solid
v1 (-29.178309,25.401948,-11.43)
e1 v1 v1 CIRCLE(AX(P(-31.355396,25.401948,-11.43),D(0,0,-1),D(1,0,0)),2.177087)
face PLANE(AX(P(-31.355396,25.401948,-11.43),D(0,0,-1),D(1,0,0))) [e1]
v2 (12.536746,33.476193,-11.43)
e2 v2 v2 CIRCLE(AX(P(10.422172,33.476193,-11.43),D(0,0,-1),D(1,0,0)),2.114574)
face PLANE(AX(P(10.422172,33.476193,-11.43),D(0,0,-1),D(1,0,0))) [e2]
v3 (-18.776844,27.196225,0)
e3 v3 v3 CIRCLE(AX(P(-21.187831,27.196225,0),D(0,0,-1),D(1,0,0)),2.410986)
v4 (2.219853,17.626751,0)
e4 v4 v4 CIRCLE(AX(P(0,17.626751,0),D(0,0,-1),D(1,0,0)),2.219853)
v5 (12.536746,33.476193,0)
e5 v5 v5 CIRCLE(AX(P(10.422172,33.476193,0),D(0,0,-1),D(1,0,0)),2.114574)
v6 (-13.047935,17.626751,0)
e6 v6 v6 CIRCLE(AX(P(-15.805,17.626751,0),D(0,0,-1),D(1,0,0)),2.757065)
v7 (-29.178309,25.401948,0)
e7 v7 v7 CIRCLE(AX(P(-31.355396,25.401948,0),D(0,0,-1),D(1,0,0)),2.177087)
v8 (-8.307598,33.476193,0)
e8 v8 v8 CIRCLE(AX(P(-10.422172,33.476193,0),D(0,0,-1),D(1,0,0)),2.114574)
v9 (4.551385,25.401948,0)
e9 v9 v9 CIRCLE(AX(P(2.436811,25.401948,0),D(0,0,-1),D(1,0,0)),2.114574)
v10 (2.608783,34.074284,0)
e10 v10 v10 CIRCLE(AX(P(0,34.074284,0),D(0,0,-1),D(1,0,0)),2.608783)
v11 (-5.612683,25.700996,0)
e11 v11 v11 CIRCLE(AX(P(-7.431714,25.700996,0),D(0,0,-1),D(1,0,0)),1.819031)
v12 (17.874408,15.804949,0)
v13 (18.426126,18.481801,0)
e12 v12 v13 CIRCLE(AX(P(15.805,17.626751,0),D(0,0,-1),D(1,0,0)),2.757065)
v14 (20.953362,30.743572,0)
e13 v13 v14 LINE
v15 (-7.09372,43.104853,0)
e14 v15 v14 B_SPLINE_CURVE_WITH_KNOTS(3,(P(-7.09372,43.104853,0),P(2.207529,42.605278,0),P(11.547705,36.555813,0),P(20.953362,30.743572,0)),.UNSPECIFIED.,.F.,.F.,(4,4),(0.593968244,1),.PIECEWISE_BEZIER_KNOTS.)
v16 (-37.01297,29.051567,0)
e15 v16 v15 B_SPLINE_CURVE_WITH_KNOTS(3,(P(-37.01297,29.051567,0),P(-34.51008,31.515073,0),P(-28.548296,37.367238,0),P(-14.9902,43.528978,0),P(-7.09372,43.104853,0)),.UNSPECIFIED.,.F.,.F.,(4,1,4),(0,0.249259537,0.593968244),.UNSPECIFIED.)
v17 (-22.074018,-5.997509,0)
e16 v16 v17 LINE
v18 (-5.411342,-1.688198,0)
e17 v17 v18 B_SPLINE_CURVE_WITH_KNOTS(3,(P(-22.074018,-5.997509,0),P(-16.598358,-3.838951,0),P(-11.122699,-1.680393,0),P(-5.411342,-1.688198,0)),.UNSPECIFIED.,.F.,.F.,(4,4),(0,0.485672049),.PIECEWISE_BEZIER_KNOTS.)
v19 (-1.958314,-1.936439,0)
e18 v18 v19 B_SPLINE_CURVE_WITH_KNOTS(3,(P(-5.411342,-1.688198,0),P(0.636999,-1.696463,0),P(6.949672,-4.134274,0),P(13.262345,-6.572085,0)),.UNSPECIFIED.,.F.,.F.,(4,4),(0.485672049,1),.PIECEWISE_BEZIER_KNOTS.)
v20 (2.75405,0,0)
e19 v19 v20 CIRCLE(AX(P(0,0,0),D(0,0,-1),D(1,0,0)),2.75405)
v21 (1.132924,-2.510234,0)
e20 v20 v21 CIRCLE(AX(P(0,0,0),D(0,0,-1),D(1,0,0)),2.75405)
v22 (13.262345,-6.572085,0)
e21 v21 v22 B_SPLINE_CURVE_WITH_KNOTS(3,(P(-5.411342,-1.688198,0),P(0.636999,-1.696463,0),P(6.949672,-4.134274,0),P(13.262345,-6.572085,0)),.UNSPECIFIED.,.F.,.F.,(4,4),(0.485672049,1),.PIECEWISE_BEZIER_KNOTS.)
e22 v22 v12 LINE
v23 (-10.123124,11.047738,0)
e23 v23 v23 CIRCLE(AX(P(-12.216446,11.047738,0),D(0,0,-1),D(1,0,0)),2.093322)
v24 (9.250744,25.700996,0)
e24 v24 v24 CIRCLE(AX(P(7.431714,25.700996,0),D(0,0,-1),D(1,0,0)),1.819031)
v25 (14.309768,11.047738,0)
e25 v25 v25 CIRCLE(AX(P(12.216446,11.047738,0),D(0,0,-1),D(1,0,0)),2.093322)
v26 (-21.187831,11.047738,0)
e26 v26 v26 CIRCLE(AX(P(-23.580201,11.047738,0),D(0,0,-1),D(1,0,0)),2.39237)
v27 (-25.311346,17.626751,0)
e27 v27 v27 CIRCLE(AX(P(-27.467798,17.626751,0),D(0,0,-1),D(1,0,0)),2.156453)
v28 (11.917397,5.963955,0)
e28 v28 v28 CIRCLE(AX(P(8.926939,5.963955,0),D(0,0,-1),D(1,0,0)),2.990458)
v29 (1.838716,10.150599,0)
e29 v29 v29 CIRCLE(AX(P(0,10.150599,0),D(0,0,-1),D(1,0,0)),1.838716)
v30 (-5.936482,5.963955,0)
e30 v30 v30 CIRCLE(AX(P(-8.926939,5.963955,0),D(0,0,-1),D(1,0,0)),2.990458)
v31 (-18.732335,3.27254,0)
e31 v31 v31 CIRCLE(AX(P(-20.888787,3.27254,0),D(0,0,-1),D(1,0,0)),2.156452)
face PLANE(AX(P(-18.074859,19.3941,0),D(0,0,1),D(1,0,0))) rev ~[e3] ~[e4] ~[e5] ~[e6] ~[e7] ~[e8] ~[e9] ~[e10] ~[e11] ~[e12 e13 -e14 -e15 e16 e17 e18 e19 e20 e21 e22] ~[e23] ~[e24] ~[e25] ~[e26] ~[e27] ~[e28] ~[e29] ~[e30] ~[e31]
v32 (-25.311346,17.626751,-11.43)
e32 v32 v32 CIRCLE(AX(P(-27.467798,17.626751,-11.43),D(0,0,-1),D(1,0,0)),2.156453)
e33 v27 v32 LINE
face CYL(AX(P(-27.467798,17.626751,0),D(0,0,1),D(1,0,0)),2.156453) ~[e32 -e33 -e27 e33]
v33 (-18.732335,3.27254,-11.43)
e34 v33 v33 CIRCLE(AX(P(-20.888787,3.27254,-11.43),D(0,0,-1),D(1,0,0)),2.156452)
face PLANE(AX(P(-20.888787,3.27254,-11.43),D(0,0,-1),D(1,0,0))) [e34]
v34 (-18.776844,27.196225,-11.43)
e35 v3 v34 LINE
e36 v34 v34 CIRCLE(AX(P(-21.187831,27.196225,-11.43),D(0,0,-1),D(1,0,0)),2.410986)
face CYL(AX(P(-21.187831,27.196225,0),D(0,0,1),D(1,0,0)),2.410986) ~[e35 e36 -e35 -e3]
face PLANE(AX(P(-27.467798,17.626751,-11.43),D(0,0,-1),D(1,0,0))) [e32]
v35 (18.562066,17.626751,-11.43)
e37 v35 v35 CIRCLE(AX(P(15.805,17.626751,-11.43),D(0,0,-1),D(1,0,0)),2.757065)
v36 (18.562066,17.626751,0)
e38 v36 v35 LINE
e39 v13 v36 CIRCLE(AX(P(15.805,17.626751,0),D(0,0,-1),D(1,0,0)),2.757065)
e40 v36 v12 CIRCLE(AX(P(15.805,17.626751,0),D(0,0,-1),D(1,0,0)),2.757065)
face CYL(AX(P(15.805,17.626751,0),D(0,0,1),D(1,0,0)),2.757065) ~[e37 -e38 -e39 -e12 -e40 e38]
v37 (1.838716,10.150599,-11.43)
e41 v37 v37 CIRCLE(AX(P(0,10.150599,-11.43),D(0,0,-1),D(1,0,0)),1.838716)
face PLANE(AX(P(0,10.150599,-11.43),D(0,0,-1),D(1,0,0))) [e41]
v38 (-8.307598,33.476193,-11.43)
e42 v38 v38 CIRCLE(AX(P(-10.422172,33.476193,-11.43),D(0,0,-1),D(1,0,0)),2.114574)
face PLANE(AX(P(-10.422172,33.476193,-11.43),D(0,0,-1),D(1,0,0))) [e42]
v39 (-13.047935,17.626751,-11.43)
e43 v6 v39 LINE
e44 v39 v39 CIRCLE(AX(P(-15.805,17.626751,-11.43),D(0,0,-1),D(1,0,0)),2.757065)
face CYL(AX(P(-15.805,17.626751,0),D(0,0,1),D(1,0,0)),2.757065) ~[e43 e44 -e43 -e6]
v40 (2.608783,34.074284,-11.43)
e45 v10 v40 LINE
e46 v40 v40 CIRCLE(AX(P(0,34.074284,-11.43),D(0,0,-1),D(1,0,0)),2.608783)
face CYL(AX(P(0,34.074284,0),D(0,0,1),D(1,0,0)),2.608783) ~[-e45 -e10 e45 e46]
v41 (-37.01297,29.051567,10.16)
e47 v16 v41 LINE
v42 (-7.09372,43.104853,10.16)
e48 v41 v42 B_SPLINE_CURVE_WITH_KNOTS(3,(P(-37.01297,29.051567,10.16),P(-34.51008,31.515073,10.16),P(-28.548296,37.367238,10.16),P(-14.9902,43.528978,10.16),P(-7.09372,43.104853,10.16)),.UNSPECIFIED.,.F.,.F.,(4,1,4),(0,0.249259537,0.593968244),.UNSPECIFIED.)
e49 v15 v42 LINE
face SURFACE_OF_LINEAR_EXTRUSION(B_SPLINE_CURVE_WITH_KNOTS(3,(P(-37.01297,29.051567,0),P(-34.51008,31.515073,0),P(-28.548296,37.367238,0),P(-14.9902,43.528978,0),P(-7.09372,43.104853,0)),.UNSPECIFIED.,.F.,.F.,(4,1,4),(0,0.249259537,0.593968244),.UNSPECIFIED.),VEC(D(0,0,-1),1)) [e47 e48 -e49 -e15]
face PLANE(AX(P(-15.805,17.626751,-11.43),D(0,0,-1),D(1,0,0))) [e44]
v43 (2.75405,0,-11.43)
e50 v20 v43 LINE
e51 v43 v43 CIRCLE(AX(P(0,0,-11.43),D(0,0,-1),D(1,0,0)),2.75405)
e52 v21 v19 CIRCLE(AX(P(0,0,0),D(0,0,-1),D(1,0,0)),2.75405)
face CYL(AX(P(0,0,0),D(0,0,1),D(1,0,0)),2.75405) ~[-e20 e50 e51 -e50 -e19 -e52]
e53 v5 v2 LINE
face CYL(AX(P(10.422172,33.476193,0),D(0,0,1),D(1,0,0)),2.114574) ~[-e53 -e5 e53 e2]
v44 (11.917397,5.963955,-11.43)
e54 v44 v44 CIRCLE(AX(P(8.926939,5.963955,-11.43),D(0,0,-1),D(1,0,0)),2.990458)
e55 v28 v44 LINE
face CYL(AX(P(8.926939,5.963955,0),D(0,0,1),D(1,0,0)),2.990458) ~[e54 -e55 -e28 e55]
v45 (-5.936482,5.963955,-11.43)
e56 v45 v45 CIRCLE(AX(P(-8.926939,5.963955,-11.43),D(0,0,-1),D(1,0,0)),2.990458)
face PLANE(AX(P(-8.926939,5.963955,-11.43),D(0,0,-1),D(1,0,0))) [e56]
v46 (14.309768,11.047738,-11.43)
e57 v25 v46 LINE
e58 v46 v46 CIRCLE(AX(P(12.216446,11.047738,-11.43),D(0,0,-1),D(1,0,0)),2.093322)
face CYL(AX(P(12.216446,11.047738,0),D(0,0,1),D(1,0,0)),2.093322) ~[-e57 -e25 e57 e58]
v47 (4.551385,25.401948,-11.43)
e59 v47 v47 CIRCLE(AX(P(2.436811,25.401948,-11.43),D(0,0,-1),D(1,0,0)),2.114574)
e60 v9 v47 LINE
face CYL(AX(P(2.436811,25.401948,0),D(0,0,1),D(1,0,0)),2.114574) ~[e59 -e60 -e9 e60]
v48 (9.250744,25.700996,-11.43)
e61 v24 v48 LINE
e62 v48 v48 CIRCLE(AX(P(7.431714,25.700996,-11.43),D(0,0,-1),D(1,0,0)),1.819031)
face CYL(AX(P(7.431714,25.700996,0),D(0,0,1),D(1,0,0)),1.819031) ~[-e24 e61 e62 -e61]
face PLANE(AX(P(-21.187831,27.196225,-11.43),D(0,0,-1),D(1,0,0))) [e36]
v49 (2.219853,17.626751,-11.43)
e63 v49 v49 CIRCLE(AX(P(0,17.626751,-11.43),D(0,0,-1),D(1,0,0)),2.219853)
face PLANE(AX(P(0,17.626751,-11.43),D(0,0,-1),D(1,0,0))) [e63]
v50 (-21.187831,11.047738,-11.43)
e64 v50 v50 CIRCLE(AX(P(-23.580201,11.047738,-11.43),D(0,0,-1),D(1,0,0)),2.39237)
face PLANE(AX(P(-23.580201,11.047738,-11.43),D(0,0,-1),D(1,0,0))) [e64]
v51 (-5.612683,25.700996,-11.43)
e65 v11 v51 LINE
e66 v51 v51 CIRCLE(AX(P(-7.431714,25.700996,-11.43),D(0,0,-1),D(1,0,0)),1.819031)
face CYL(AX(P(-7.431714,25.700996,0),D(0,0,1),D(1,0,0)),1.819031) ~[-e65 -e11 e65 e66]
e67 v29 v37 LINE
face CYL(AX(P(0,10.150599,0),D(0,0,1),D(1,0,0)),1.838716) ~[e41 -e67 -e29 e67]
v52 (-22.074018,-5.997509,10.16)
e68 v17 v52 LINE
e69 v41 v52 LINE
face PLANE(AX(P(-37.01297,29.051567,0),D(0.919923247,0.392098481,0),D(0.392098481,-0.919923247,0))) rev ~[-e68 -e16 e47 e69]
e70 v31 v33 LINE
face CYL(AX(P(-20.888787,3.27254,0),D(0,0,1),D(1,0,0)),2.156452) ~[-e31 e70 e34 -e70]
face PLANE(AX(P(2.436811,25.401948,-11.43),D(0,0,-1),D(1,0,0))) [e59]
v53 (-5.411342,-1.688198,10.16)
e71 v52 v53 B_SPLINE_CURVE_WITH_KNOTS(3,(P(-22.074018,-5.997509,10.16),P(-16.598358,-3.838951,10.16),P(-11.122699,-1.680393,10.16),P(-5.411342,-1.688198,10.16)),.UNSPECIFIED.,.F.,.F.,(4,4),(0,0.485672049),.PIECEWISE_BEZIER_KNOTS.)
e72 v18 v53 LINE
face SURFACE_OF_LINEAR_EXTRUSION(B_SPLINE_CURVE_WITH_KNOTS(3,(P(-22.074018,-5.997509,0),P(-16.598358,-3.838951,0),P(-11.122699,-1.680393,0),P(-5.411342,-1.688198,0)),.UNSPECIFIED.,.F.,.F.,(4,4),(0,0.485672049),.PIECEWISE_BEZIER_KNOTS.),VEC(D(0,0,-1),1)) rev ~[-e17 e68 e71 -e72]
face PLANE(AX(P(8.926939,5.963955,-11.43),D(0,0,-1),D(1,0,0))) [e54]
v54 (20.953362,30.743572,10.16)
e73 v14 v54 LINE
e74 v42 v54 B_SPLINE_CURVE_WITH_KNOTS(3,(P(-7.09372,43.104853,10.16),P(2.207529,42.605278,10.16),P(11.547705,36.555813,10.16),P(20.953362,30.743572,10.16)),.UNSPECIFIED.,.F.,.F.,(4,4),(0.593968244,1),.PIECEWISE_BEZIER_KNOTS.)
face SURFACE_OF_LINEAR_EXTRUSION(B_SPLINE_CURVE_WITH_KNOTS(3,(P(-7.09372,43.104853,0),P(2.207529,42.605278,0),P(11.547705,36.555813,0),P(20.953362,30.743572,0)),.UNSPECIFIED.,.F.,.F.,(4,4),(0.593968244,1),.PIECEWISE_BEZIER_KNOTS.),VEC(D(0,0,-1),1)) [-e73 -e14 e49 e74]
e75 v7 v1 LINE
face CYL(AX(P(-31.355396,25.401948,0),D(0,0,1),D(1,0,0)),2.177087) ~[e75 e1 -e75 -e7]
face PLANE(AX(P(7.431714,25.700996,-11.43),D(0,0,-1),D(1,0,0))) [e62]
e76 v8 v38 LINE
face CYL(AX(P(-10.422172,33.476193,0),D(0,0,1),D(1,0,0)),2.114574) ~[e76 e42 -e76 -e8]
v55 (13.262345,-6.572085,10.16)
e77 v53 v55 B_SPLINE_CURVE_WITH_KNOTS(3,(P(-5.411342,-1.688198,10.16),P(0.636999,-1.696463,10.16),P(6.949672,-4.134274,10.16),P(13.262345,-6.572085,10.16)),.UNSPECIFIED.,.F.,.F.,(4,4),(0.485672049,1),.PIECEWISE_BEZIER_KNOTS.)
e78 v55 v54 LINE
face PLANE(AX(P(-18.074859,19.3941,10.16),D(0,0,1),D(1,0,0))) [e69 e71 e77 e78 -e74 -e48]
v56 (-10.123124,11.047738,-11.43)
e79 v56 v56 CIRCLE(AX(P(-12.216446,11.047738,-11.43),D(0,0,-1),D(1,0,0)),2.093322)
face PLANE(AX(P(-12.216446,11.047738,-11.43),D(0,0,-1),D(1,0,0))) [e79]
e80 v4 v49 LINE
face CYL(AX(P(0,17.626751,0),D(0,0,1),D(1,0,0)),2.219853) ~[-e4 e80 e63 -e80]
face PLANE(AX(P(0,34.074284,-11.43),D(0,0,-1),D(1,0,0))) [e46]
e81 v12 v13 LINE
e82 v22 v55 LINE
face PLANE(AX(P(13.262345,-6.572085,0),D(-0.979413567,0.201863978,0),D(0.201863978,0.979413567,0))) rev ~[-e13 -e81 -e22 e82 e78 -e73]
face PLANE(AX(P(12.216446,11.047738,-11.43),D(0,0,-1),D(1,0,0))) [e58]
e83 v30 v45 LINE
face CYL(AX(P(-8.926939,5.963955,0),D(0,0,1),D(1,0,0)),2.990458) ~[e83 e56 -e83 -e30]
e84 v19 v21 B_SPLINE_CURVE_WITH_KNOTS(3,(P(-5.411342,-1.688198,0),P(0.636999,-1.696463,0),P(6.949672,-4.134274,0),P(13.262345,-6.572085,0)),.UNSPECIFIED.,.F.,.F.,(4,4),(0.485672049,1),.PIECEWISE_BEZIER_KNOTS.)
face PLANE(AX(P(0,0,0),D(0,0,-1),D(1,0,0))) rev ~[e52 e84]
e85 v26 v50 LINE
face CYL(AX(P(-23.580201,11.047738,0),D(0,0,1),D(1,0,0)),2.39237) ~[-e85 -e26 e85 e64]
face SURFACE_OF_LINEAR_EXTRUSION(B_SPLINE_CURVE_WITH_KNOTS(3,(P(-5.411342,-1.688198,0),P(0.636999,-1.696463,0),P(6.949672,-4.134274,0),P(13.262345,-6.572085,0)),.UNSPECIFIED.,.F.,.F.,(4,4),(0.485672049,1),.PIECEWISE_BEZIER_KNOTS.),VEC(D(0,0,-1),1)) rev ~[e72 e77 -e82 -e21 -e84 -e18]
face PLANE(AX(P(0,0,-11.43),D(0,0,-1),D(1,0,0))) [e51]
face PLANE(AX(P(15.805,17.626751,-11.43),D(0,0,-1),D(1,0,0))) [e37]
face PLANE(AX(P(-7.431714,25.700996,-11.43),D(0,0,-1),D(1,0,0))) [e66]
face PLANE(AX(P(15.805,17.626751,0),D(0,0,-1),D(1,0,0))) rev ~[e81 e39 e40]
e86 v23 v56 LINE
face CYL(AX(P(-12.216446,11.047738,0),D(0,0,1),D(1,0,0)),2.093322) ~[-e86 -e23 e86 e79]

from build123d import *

# Parameters (mm, degrees)
F1_DEPTH = 10.16
F2_R     = 2.1564519843
F2_R_2   = 2.3923702538
F2_R_3   = 2.1564526301
F2_R_4   = 2.1770869146
F2_R_5   = 2.4109862959
F2_R_6   = 2.7570652868
F2_R_7   = 2.0933216438
F2_R_8   = 2.990457695
F2_R_9   = 2.2198527124
F2_R_10  = 1.8190305029
F2_R_11  = 1.8387155142
F2_R_12  = 2.1145744296
F2_R_13  = 2.1145735077
F2_R_14  = 2.6087828651
F2_R_15  = 2.7540496492
F3_DEPTH = 11.43


with BuildPart() as f1:
    # F0 (on Top) → F1 (new body)
    with BuildSketch(Plane.XY):
        with BuildLine():
            Line((-37.0129699249, 29.0515665345), (-22.0740177821, -5.9975091862))
            add(Edge.make_bspline(
                [(-22.0740177821, -5.9975091862), (-16.5983583816, -3.8389512748), (-11.1226989812, -1.6803933635), (-5.4113422719, -1.6881978796)],
                knots=[0, 0, 0, 0, 0.4856720492, 0.4856720492, 0.4856720492, 0.4856720492], degree=3))
            Line((-5.4113422719, -1.6881978796), (-7.0937201381, 43.1048534811))
            add(Edge.make_bspline(
                [(-37.0129699249, 29.0515665345), (-34.5100802002, 31.5150728582), (-28.5482955637, 37.3672378076), (-14.9902000403, 43.528977618), (-7.0937201381, 43.1048534811)],
                knots=[0, 0, 0, 0, 0.249259537, 0.5939682437, 0.5939682437, 0.5939682437, 0.5939682437], degree=3))
        make_face()
        with BuildLine():
            Line((-7.0937201381, 43.1048534811), (-5.4113422719, -1.6881978796))
            add(Edge.make_bspline(
                [(-5.4113422719, -1.6881978796), (0.6369991913, -1.6964628823), (6.9496719938, -4.1342740027), (13.2623447962, -6.5720851231)],
                knots=[0.4856720492, 0.4856720492, 0.4856720492, 0.4856720492, 1, 1, 1, 1], degree=3))
            Line((13.2623447962, -6.5720851231), (20.9533623688, 30.7435717611))
            add(Edge.make_bspline(
                [(-7.0937201381, 43.1048534811), (2.2075291227, 42.6052784344), (11.5477053398, 36.5558132985), (20.9533623688, 30.7435717611)],
                knots=[0.5939682437, 0.5939682437, 0.5939682437, 0.5939682437, 1, 1, 1, 1], degree=3))
        make_face()
    extrude(amount=F1_DEPTH)

    # F2 (on face) → F3 (join)
    with BuildSketch(Plane(origin=(0, 0, 0), x_dir=(1, 0, 0), z_dir=(0, 0, -1))):
        with Locations((-20.888786763, -3.2725401688)):
            Circle(F2_R)
        with Locations((-23.5802009702, -11.0477376729)):
            Circle(F2_R_2)
        with Locations((-27.4677984416, -17.6267512143)):
            Circle(F2_R_3)
        with Locations((-31.3553959131, -25.4019480199)):
            Circle(F2_R_4)
        with Locations((-21.1878307164, -27.1962247789)):
            Circle(F2_R_5)
        with Locations((-15.8050004393, -17.6267512143)):
            Circle(F2_R_6)
        with Locations((-12.2164459899, -11.0477376729)):
            Circle(F2_R_7)
        with Locations((-8.9269392192, -5.9639546089)):
            Circle(F2_R_8)
        with Locations((0, -17.6267512143)):
            Circle(F2_R_9)
        with Locations((-7.4317138642, -25.7009956986)):
            Circle(F2_R_10)
        with Locations((0, -10.1505992934)):
            Circle(F2_R_11)
        with Locations((-10.4221720248, -33.4761925042)):
            Circle(F2_R_12)
        with Locations((2.4368111044, -25.4019480199)):
            Circle(F2_R_13)
        with Locations((0, -34.0742841363)):
            Circle(F2_R_14)
        Circle(F2_R_15)
        with Locations((8.9269392192, -5.9639546089)):
            Circle(F2_R_8)
        with Locations((12.2164459899, -11.0477376729)):
            Circle(F2_R_7)
        with Locations((15.8050004393, -17.6267512143)):
            Circle(F2_R_6)
        with Locations((10.4221720248, -33.4761925042)):
            Circle(F2_R_12)
        with Locations((7.4317138642, -25.7009956986)):
            Circle(F2_R_10)
    extrude(amount=F3_DEPTH)


solid = f1.part
